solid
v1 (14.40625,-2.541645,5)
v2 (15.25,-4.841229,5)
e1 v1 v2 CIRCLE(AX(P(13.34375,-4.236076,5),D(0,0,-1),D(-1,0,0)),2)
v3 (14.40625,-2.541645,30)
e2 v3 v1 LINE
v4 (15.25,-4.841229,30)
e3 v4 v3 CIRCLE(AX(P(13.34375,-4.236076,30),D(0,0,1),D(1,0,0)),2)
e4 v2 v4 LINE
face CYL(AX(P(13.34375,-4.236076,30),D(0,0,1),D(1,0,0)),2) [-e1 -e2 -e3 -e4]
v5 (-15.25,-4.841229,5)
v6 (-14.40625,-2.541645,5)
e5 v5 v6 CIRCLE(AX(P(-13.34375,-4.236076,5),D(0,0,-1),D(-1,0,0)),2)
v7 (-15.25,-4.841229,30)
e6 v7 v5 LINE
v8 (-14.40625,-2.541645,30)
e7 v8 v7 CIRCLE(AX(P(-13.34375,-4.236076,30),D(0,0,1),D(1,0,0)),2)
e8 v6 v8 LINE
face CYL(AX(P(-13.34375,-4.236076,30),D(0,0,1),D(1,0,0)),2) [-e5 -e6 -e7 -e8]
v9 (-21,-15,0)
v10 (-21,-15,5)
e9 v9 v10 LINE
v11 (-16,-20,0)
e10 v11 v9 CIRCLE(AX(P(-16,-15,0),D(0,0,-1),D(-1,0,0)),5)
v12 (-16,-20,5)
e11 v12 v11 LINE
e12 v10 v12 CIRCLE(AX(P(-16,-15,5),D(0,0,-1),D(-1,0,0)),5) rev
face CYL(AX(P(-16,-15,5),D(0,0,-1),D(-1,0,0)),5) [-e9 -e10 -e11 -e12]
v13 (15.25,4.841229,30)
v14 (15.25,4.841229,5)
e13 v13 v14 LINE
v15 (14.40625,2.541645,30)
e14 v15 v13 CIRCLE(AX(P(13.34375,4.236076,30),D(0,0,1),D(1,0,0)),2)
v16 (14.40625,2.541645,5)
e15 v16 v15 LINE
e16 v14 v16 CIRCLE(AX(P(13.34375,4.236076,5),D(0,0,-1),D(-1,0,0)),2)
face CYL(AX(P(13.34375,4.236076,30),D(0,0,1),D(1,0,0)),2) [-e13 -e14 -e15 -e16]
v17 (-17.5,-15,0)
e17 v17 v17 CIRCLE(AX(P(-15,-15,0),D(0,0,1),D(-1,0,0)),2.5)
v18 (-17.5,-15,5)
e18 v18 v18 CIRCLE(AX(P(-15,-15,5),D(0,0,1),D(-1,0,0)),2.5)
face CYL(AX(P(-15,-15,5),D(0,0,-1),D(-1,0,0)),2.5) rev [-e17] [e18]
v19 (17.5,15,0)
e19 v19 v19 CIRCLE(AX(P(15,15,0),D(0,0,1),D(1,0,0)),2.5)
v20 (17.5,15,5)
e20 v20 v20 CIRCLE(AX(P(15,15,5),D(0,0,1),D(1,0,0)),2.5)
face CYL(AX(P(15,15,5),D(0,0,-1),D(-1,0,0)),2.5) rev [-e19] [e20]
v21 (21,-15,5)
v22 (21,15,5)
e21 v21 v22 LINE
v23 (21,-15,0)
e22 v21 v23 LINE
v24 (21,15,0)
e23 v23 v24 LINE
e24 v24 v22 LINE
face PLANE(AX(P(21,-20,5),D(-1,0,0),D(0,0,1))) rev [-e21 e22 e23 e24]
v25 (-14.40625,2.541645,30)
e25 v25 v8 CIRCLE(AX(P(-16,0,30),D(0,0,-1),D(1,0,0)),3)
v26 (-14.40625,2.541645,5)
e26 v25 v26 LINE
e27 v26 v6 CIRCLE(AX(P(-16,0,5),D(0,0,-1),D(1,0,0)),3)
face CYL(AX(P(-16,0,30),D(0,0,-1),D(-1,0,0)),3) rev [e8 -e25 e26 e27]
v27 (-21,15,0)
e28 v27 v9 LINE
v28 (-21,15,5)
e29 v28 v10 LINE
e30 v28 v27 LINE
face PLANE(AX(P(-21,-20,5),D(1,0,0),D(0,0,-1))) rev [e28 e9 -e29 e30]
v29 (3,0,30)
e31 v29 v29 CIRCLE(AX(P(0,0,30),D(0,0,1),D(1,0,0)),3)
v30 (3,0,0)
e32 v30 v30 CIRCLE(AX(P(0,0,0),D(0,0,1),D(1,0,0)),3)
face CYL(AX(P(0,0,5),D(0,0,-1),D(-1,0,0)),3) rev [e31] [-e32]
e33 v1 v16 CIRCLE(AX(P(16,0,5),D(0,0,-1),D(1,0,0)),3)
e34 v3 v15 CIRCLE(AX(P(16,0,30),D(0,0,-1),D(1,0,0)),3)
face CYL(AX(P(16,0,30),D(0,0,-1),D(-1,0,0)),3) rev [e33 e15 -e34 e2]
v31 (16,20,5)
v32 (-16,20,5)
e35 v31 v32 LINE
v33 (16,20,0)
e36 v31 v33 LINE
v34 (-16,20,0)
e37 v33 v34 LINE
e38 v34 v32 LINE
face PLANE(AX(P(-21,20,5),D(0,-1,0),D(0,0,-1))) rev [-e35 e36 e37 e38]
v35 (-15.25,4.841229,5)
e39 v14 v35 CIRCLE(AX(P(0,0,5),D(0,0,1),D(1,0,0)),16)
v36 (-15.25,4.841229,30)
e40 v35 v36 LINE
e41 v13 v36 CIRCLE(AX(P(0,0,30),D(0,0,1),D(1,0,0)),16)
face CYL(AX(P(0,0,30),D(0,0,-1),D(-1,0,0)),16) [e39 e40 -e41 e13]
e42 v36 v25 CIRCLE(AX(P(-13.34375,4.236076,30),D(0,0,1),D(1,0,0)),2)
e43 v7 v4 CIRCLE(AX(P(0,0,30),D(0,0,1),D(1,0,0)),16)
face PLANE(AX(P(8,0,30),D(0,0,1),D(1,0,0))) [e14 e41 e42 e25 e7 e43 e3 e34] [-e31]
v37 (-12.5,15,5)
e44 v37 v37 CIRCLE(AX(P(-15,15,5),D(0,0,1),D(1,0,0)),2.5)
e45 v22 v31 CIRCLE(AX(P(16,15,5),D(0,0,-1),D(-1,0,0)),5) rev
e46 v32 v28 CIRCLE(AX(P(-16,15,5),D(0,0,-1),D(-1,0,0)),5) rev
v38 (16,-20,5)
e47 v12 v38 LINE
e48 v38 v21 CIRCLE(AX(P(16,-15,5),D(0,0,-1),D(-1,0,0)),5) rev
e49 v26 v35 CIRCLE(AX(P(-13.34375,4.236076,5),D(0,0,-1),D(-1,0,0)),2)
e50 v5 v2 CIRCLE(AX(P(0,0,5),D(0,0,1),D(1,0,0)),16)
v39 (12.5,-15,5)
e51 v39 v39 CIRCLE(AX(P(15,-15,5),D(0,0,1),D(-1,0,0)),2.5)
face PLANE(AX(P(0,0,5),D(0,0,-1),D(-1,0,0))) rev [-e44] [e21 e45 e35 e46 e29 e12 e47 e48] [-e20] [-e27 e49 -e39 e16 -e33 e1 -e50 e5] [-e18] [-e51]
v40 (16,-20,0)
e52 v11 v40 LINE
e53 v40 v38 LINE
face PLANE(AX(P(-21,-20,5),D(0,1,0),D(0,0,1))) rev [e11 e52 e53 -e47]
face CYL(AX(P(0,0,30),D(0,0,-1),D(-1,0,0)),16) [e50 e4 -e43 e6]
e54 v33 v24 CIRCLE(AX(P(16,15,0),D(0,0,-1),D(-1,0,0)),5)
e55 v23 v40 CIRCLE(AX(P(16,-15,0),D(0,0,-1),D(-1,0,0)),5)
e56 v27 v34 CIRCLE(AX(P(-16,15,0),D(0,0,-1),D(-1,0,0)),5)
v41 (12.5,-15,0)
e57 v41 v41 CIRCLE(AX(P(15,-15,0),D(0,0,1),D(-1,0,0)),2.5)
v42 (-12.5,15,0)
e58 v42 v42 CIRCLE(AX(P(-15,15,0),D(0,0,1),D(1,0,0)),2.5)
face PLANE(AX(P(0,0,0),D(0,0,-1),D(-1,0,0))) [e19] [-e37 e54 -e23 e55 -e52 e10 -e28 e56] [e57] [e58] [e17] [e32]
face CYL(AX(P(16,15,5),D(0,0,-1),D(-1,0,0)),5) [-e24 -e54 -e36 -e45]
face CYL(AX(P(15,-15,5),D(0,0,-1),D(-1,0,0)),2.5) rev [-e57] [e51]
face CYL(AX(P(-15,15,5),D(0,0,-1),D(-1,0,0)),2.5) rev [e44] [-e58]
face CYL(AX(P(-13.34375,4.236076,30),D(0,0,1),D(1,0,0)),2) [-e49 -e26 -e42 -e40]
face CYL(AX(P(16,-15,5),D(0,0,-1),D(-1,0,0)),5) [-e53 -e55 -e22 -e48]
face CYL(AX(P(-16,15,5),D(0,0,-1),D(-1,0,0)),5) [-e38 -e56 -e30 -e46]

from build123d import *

# Parameters (mm, degrees)
SKETCH1_W           = 42
SKETCH1_H           = 40
SKETCH1_R           = 3
SKETCH1_R_2         = 2.5
BOSS_EXTRUDE1_DEPTH = 5
FILLET1_R           = 5
SKETCH2_R           = 3
BOSS_EXTRUDE2_DEPTH = 25
FILLET2_R           = 2


with BuildPart() as part:
    # Sketch1 → Boss-Extrude1 (new body)
    with BuildSketch(Plane.XY):
        Rectangle(SKETCH1_W, SKETCH1_H)
        Circle(SKETCH1_R, mode=Mode.SUBTRACT)
        with Locations((-15, 15)):
            Circle(SKETCH1_R_2, mode=Mode.SUBTRACT)
        with Locations((15, 15)):
            Circle(SKETCH1_R_2, mode=Mode.SUBTRACT)
        with Locations(Location((15, -15, 0), (0, 0, 180))):
            Circle(SKETCH1_R_2, mode=Mode.SUBTRACT)
        with Locations(Location((-15, -15, 0), (0, 0, 180))):
            Circle(SKETCH1_R_2, mode=Mode.SUBTRACT)
    extrude(amount=BOSS_EXTRUDE1_DEPTH)

    # Fillet1
    fillet1_edges = [part.edges().sort_by_distance(p)[0] for p in [
        (21, -20, 2.5),
        (-21, -20, 2.5),
        (-21, 20, 2.5),
        (21, 20, 2.5),
    ]]
    fillet(fillet1_edges, radius=FILLET1_R)

    # Sketch2 → Boss-Extrude2 (add)
    with BuildSketch(Plane.XY.offset(5)):
        with BuildLine():
            ThreePointArc((-15.71875, -2.98678731), (0, -16), (15.71875, -2.98678731))
            ThreePointArc((15.71875, -2.98678731), (13, 0), (15.71875, 2.98678731))
            ThreePointArc((15.71875, 2.98678731), (0, 16), (-15.71875, 2.98678731))
            ThreePointArc((-15.71875, 2.98678731), (-13, 0), (-15.71875, -2.98678731))
        make_face()
        Circle(SKETCH2_R, mode=Mode.SUBTRACT)
    extrude(amount=BOSS_EXTRUDE2_DEPTH)

    # Fillet2
    fillet2_edges = [part.edges().sort_by_distance(p)[0] for p in [
        (15.71875, -2.98678731, 17.5),
        (15.71875, 2.98678731, 17.5),
        (-15.71875, 2.98678731, 17.5),
        (-15.71875, -2.98678731, 17.5),
    ]]
    fillet(fillet2_edges, radius=FILLET2_R)


solid = part.part
